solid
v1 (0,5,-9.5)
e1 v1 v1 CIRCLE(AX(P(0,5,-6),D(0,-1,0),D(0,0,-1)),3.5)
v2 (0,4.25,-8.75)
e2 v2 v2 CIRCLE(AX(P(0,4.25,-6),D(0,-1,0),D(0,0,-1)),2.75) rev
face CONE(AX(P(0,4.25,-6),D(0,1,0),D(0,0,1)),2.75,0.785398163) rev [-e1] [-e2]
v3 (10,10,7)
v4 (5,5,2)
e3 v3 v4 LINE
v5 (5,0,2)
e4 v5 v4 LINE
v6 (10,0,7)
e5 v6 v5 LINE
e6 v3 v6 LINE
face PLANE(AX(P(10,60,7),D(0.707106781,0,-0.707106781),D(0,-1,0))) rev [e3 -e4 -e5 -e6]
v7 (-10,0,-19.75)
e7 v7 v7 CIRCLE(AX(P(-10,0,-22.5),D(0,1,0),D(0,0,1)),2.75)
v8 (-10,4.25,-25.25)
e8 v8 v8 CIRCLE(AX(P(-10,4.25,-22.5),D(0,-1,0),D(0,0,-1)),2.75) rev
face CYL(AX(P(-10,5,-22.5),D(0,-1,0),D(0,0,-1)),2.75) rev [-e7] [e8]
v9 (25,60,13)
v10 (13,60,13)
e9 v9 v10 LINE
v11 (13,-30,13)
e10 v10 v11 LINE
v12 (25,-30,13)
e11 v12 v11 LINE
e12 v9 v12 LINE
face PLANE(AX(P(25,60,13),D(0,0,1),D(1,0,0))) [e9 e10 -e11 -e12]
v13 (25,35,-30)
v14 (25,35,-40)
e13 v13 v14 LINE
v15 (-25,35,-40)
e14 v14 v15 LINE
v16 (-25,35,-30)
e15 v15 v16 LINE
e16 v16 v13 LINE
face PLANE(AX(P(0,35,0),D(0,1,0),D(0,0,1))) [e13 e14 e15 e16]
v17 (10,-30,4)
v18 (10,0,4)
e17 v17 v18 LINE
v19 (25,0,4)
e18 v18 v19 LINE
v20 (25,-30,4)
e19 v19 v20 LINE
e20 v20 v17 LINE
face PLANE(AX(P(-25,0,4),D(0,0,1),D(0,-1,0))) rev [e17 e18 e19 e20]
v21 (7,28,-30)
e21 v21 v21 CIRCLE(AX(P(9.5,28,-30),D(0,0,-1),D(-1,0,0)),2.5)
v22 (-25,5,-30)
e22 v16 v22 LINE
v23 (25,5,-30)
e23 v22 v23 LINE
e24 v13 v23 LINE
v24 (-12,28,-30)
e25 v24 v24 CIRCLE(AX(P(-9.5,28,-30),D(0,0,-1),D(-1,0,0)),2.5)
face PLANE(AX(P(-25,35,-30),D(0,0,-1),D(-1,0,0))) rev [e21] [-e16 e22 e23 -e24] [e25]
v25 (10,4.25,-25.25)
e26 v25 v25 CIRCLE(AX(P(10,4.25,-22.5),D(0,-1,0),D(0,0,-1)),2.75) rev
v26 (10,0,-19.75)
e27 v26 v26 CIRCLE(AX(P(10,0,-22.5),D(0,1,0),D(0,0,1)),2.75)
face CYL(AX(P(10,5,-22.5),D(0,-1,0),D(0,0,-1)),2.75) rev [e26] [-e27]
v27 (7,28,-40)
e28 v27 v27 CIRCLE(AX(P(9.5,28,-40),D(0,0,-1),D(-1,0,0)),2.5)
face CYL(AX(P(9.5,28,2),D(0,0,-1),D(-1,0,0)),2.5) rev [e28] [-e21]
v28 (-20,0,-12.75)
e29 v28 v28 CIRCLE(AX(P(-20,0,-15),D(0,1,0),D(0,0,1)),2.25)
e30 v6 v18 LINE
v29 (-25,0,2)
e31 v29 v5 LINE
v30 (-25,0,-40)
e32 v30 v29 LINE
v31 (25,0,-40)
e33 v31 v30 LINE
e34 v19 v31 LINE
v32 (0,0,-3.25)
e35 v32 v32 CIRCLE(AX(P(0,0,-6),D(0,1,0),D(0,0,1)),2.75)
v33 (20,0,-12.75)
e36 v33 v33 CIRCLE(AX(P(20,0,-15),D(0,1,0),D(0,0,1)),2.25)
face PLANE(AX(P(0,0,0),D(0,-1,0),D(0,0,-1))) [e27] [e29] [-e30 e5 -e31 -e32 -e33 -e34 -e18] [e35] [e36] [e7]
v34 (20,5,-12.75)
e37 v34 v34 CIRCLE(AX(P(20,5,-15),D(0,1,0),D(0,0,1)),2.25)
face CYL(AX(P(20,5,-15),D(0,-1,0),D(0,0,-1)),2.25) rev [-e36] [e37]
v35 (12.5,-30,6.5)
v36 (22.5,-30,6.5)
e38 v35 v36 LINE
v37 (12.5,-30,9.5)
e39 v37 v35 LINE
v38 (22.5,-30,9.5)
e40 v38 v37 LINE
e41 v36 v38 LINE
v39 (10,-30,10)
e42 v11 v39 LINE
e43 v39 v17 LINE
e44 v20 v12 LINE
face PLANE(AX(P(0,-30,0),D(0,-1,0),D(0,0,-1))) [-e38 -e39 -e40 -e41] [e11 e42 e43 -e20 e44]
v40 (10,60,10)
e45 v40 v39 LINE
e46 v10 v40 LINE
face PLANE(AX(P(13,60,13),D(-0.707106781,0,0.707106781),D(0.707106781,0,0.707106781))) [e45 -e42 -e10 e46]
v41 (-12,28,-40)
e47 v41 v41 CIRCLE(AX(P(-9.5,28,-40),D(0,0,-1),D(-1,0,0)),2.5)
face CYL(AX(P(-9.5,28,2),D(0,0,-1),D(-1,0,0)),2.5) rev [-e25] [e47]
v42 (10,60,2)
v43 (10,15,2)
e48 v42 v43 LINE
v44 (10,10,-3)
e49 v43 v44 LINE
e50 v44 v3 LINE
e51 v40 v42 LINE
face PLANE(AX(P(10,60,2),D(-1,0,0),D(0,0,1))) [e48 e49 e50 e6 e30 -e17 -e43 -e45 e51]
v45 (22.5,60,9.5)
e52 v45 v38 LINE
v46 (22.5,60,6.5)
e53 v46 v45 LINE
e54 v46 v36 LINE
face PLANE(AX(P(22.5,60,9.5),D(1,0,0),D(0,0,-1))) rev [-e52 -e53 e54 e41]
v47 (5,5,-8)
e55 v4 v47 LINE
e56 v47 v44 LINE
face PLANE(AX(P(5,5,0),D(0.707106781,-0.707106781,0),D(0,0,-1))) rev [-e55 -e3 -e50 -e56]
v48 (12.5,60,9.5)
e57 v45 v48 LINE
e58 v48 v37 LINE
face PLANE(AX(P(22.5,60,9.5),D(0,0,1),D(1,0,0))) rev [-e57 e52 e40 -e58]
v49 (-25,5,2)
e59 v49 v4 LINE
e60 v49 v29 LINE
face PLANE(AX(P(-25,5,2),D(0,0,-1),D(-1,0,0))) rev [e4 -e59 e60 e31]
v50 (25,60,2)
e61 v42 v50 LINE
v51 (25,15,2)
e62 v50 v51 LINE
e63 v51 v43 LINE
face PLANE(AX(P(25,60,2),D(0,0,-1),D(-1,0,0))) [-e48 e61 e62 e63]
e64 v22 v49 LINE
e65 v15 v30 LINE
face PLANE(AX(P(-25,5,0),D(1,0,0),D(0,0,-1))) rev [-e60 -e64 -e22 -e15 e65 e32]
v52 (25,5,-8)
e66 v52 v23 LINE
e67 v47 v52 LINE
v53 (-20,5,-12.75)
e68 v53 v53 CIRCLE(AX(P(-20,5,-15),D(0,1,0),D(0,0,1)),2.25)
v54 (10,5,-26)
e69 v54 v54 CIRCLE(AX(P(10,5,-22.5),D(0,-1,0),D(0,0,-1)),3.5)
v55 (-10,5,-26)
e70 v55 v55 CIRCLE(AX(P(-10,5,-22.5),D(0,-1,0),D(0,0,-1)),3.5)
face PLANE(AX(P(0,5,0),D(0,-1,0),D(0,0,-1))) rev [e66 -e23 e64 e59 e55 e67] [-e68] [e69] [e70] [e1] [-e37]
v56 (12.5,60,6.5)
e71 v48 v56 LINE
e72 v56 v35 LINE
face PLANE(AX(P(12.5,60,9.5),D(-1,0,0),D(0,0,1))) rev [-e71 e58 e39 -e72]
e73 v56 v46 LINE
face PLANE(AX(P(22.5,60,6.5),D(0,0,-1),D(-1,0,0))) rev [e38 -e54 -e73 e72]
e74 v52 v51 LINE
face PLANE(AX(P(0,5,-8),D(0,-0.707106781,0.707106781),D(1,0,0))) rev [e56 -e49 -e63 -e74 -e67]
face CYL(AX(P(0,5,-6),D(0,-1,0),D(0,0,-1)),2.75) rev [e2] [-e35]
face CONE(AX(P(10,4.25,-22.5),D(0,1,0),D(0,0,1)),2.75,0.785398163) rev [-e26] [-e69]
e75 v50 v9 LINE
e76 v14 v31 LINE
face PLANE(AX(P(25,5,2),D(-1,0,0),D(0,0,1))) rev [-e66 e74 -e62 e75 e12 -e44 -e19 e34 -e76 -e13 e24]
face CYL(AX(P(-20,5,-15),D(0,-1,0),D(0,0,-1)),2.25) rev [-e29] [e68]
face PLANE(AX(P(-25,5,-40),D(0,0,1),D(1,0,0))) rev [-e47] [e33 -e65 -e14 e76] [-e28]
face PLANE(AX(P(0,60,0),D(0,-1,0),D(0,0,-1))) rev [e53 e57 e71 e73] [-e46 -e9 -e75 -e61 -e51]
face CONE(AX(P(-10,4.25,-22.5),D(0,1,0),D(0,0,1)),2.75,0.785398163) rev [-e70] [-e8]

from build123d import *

# Parameters (mm, degrees)
SKETCH1_R                = 2.75
SKETCH1_R_2              = 2.25
BOSS_EXTRUDE1_DEPTH      = 5
SKETCH3_W                = 50
SKETCH3_H                = 10
BOSS_EXTRUDE3_DEPTH      = 30
SKETCH4_R                = 2.5
CUT_EXTRUDE1_DEPTH       = 61.116553461
CHAMFER1_SIZE            = 0.75
BOSS_EXTRUDE4_DEPTH      = 30
BOSS_EXTRUDE4_DEPTH_BACK = 60
SKETCH5_W                = 10
SKETCH5_H                = 3
CHAMFER2_SIZE            = 10
CHAMFER3_SIZE            = 5
SKETCH7_W                = 2
SKETCH7_H                = 30
CUT_EXTRUDE2_DEPTH       = 88.749643874


with BuildPart() as part:
    # Sketch1 → Boss-Extrude1 (new body)
    with BuildSketch(Plane(origin=(0, 0, 0), x_dir=(1, 0, 0), z_dir=(0, 1, 0))):
        Polygon((-25, 0), (-25, 40), (25, 40), (25, 0), (25, -2), (-25, -2), align=None)
        with Locations(Location((-10, 22.5, 0), (0, 0, 270))):
            Circle(SKETCH1_R, mode=Mode.SUBTRACT)
        with Locations(Location((10, 22.5, 0), (0, 0, 270))):
            Circle(SKETCH1_R, mode=Mode.SUBTRACT)
        with Locations(Location((-20, 15, 0), (0, 0, 270))):
            Circle(SKETCH1_R_2, mode=Mode.SUBTRACT)
        with Locations(Location((20, 15, 0), (0, 0, 270))):
            Circle(SKETCH1_R_2, mode=Mode.SUBTRACT)
        with Locations(Location((0, 6, 0), (0, 0, 270))):
            Circle(SKETCH1_R, mode=Mode.SUBTRACT)
    extrude(amount=BOSS_EXTRUDE1_DEPTH)

    # Sketch3 → Boss-Extrude3 (add)
    with BuildSketch(Plane(origin=(0, 5, 0), x_dir=(1, 0, 0), z_dir=(0, 1, 0))):
        with Locations((0, 35)):
            Rectangle(SKETCH3_W, SKETCH3_H)
    extrude(amount=BOSS_EXTRUDE3_DEPTH)

    # Sketch4 → Cut-Extrude1 (cut, through all)
    with BuildSketch(Plane(origin=(0, 0, -40), x_dir=(-1, 0, 0), z_dir=(0, 0, -1))):
        with Locations((-9.5, 28)):
            Circle(SKETCH4_R)
        with Locations((9.5, 28)):
            Circle(SKETCH4_R)
    extrude(amount=-CUT_EXTRUDE1_DEPTH, mode=Mode.SUBTRACT)

    # Chamfer1
    chamfer1_edges = [part.edges().sort_by_distance(p)[0] for p in [
        (-10, 5, -25.25),
        (10, 5, -25.25),
        (0, 5, -8.75),
    ]]
    chamfer(chamfer1_edges, length=CHAMFER1_SIZE)

    # Sketch5 → Boss-Extrude4 (add, two sides: drawn at the far end of the back side and taken through both)
    with BuildSketch(Plane.XZ.offset(-BOSS_EXTRUDE4_DEPTH_BACK)):
        Polygon((13, 13), (10, 10), (10, 2), (25, 2), (25, 13), align=None)
        with Locations((17.5, 8)):
            Rectangle(SKETCH5_W, SKETCH5_H, mode=Mode.SUBTRACT)
    extrude(amount=BOSS_EXTRUDE4_DEPTH + BOSS_EXTRUDE4_DEPTH_BACK)

    # Chamfer2
    chamfer2_edges = [part.edges().sort_by_distance(p)[0] for p in [
        (17.5, 5, 2),
    ]]
    chamfer(chamfer2_edges, length=CHAMFER2_SIZE)

    # Chamfer3
    chamfer3_edges = [part.edges().sort_by_distance(p)[0] for p in [
        (10, 2.5, 2),
        (10, 5, -3),
    ]]
    chamfer(chamfer3_edges, length=CHAMFER3_SIZE)

    # Sketch7 → Cut-Extrude2 (cut, through all)
    with BuildSketch(Plane(origin=(25, 0, 0), x_dir=(0, 0, -1), z_dir=(1, 0, 0))):
        with Locations((-3, -15)):
            Rectangle(SKETCH7_W, SKETCH7_H)
    extrude(amount=-CUT_EXTRUDE2_DEPTH, mode=Mode.SUBTRACT)


solid = part.part
